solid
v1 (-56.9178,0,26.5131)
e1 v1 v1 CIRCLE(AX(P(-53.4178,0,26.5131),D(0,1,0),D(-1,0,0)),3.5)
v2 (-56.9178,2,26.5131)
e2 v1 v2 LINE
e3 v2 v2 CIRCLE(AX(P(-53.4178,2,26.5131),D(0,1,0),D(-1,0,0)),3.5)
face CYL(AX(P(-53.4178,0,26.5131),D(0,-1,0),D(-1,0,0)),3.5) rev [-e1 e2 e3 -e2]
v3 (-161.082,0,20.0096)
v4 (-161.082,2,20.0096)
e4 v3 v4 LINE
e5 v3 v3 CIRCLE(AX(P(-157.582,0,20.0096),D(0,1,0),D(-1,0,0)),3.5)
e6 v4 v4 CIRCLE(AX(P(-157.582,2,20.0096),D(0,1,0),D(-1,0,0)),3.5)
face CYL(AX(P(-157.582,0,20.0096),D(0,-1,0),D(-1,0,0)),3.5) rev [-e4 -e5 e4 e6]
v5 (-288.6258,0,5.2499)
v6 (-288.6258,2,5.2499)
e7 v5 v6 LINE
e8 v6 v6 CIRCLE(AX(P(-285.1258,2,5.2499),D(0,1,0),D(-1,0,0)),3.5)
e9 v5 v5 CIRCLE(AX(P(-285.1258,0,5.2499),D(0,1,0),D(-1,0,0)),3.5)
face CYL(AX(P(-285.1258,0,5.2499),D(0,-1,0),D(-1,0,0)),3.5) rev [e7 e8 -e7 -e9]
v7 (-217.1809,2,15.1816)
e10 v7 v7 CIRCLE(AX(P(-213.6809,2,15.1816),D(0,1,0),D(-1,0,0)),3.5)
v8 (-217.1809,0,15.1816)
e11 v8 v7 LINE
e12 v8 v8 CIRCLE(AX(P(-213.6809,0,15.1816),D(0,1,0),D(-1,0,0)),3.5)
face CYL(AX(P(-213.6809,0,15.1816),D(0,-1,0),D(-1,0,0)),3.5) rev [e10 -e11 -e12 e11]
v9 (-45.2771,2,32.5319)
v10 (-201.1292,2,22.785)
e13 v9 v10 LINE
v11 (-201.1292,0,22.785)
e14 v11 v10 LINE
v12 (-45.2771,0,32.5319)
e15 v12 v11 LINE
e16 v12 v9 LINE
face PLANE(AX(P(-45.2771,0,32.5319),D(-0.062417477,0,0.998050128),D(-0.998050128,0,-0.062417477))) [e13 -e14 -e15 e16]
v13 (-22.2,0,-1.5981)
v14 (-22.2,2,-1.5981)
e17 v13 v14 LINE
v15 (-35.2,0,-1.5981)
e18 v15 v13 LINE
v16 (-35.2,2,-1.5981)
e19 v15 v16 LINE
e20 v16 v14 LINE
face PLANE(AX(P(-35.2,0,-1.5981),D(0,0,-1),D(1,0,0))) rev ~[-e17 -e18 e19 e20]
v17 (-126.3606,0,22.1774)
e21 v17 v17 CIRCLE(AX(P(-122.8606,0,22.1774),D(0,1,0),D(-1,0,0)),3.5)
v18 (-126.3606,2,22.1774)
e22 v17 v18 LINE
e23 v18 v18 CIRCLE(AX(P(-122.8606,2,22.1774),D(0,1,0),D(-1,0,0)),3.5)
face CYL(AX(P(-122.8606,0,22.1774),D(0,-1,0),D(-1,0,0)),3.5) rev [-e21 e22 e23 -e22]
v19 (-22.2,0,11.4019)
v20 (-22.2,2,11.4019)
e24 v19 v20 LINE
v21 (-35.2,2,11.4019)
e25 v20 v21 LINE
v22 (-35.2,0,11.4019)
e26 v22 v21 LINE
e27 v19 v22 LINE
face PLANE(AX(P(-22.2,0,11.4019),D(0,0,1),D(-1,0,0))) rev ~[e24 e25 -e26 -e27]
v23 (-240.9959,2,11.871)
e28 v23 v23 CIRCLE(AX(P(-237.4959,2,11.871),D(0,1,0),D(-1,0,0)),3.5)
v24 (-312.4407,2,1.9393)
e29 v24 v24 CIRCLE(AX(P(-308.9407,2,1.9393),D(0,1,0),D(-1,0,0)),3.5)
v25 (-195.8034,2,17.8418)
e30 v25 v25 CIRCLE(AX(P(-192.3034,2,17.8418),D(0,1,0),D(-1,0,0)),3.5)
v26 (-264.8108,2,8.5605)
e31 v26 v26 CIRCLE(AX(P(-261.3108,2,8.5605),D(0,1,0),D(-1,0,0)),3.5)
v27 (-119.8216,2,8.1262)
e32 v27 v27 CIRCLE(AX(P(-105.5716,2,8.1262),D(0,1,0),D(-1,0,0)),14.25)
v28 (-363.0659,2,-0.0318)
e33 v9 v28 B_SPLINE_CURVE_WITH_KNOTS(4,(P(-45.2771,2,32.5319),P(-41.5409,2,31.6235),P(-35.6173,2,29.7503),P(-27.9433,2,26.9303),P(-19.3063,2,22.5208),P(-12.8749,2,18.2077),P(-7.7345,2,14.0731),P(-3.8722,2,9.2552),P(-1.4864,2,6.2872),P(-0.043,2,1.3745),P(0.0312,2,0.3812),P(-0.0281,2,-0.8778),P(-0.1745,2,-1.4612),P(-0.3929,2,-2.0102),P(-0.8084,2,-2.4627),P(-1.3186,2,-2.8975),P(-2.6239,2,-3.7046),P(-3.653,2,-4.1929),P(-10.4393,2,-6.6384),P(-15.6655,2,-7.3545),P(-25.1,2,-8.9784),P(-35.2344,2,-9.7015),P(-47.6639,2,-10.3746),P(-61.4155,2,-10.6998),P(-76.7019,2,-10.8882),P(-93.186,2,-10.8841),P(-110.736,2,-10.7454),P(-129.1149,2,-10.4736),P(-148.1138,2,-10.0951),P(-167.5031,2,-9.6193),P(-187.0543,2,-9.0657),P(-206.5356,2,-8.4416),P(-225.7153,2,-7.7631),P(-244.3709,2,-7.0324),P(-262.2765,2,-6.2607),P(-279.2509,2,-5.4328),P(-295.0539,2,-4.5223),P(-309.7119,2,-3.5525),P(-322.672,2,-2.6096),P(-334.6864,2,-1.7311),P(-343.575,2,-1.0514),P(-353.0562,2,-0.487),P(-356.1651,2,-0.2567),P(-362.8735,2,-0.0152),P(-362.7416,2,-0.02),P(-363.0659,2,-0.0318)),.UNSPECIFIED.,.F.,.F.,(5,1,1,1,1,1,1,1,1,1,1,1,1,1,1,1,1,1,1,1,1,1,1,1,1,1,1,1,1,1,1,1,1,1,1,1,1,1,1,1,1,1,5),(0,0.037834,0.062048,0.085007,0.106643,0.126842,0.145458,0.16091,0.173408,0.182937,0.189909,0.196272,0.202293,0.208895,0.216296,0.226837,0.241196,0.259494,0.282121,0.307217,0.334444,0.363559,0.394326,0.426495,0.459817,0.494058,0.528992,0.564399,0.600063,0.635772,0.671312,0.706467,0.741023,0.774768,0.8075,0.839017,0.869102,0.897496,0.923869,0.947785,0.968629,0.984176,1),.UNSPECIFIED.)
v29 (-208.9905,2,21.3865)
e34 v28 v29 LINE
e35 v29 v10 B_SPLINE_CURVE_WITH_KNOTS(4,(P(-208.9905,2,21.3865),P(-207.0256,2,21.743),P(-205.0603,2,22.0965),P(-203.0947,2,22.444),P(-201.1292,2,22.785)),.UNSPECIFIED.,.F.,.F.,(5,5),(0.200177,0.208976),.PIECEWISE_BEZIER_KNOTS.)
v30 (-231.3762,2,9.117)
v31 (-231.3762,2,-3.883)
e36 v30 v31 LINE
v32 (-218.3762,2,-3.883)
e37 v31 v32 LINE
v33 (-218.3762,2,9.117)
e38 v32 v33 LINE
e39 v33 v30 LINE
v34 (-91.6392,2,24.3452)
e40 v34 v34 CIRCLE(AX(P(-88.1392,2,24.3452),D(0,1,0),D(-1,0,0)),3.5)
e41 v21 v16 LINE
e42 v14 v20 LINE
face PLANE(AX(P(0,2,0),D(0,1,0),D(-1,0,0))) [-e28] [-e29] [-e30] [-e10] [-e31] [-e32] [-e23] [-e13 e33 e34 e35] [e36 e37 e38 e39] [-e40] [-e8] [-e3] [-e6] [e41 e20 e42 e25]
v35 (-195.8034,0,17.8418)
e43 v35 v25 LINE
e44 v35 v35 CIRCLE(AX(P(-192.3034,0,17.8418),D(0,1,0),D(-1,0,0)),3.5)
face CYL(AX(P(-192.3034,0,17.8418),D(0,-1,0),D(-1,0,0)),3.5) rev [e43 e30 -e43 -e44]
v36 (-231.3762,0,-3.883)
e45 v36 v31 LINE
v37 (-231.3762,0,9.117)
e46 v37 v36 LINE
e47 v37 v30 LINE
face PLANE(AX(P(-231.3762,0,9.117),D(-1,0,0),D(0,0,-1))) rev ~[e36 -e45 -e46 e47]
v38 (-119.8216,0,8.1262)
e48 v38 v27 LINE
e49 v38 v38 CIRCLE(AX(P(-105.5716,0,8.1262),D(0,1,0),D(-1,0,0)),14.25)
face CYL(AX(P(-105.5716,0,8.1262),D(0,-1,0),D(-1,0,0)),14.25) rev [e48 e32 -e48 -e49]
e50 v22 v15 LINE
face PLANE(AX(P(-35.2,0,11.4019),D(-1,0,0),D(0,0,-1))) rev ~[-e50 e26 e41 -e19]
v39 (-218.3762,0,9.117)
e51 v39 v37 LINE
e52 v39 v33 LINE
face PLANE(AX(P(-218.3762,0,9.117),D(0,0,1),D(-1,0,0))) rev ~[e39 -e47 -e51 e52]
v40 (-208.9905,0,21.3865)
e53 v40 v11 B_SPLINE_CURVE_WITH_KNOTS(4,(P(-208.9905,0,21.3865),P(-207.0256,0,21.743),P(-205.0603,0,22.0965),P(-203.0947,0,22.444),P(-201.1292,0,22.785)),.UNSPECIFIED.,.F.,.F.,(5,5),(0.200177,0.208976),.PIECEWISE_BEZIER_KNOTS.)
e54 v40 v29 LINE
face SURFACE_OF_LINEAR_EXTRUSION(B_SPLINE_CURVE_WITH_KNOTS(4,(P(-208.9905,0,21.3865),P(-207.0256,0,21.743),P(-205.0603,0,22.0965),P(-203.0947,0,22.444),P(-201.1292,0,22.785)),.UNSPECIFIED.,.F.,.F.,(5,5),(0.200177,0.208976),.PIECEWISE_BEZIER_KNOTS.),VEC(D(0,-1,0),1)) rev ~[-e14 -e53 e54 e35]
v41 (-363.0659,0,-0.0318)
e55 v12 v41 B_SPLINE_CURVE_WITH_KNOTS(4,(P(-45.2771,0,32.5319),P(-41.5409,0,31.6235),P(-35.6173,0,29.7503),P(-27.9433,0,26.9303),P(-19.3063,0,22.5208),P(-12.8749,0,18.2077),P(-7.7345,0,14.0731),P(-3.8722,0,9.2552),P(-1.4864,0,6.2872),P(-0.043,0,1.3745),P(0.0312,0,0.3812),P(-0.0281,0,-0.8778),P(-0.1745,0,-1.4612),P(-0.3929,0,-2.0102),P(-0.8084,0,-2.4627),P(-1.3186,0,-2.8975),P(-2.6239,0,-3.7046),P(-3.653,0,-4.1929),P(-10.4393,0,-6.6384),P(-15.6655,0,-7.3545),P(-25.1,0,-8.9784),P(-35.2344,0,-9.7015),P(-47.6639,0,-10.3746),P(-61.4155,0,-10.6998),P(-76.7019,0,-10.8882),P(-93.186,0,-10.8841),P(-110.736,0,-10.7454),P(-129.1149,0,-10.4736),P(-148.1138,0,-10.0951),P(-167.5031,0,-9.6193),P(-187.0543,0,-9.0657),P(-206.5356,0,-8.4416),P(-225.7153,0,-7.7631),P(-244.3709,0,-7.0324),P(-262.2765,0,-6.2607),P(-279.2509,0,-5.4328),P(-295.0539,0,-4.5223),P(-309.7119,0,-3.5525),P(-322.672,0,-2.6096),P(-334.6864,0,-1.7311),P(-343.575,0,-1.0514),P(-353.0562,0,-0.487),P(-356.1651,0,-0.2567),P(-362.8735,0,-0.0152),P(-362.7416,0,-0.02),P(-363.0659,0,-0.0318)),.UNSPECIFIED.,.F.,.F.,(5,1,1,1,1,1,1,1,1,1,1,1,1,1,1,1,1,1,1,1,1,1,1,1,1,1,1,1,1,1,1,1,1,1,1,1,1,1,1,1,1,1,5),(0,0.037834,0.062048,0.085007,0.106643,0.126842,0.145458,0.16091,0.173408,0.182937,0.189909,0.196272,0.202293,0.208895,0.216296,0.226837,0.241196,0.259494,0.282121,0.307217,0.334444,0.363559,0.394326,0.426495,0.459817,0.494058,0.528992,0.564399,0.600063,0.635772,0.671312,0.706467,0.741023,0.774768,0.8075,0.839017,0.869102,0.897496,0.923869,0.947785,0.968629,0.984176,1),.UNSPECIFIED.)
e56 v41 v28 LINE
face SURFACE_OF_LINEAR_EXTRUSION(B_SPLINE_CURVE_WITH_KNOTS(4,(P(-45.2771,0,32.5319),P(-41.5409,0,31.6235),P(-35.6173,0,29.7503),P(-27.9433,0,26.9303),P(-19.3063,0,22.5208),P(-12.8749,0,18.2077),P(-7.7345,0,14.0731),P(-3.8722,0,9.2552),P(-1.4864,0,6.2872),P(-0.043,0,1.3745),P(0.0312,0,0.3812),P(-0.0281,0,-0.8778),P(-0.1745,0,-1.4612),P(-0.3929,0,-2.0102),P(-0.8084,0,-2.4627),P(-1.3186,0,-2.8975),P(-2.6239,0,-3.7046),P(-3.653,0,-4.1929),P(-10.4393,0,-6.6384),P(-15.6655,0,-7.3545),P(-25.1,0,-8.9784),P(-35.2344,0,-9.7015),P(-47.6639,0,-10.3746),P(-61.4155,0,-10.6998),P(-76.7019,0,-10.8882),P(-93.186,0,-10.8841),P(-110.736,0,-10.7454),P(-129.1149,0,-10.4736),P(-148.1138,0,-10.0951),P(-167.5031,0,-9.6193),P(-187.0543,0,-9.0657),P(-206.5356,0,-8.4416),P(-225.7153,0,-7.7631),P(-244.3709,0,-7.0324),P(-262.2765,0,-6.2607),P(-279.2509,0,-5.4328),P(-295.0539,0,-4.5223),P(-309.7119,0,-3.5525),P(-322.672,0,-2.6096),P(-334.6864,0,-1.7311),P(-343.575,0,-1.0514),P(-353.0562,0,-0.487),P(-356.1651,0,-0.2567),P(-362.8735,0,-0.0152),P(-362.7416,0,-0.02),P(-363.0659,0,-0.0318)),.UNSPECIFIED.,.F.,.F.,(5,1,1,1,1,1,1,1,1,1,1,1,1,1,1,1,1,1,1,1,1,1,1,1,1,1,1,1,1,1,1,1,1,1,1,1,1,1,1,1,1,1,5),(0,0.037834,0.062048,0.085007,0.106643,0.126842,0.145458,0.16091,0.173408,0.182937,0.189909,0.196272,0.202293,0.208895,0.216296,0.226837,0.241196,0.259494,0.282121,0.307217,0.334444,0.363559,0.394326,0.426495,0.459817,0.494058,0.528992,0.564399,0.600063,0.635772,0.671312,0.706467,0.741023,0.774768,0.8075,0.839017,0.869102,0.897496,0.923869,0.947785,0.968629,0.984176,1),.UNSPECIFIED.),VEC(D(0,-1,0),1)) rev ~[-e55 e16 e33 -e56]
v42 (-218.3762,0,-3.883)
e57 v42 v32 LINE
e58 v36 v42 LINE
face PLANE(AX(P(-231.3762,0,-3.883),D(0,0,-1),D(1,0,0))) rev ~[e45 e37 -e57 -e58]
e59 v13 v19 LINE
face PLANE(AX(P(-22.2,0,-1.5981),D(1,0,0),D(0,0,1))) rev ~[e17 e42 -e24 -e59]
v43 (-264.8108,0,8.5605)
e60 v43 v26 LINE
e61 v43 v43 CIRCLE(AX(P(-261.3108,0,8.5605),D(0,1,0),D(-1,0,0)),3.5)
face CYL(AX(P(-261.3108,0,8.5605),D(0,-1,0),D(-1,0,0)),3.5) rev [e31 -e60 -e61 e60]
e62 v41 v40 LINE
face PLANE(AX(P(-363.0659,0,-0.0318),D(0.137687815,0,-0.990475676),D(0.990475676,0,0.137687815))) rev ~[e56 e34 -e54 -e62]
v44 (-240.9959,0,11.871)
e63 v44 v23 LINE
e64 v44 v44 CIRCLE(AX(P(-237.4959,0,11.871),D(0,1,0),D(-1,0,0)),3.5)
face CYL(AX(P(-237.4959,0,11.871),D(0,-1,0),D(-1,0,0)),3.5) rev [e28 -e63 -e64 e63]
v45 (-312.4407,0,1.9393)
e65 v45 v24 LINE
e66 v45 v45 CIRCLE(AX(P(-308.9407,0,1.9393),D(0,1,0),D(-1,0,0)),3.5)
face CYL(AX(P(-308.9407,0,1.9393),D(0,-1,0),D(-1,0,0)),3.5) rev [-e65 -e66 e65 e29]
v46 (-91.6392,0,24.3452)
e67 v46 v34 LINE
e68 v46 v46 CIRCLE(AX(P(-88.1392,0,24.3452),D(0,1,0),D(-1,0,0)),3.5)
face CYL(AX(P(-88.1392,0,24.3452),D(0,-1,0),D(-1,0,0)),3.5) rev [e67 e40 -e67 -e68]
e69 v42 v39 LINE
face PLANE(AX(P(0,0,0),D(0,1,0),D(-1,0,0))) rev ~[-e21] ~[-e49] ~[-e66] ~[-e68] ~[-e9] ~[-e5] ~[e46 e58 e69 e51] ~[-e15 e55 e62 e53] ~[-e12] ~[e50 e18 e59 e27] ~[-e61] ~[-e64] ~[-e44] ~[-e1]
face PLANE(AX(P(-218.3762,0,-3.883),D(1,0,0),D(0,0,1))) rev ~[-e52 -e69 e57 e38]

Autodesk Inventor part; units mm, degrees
ref_plane "YZ Plane" through (0, 0, 0) normal (1, 0, 0) x (0, 1, 0)
ref_plane "XZ Plane" through (0, 0, 0) normal (0, 1, 0) x (-1, 0, 0)
ref_plane "XY Plane" through (0, 0, 0) normal (0, 0, 1) x (1, 0, 0)
sketch "Sketch1" plane through (0, 0, 0) normal (0, 1, 0) x (-1, 0, 0)
  circle A0 centre (105.5716, 8.1262) radius 14.25
  circle A1 centre (105.5716, 8.1262) radius 9.25
  line L0 (22.2, 11.4019) -> (35.2, 11.4019)
  line L1 (35.2, 11.4019) -> (35.2, -1.5981)
  line L2 (35.2, -1.5981) -> (22.2, -1.5981)
  line L3 (22.2, -1.5981) -> (22.2, 11.4019)
  line L4 (218.3762, 9.117) -> (231.3762, 9.117)
  line L5 (231.3762, 9.117) -> (231.3762, -3.883)
  line L6 (231.3762, -3.883) -> (218.3762, -3.883)
  line L7 (218.3762, -3.883) -> (218.3762, 9.117)
  circle A2 centre (364, -0.1617) radius 156.5 construction
  circle A3 centre (201.1292, 22.785) radius 156.5 construction
  line L8 (45.2771, 32.5319) -> (201.1292, 22.785)
  line L9 (363.0659, -0.0318) -> (208.9905, 21.3865)
  circle A4 centre (53.4178, 26.5131) radius 3.5
  circle A5 centre (88.1392, 24.3452) radius 3.5
  circle A6 centre (122.8606, 22.1774) radius 3.5
  circle A7 centre (157.582, 20.0096) radius 3.5
  circle A8 centre (192.3034, 17.8418) radius 3.5
  circle A9 centre (308.9407, 1.9393) radius 3.5
  line L10 (244.7644, 10.8606) -> (145.7169, 24.6294) construction
  line L11 (244.7644, 10.8606) -> (343.8179, -2.909) construction
  line L12 (208.9905, 21.3865) -> (214.4381, 20.6292) construction
  line L13 (308.9407, 1.9393) -> (309.698, 7.387) construction
  line L14 (214.4381, 20.6292) -> (238.2531, 17.3187) construction
  line L15 (238.2531, 17.3187) -> (262.0681, 14.0081) construction
  line L16 (262.0681, 14.0081) -> (285.8831, 10.6975) construction
  line L17 (285.8831, 10.6975) -> (309.6981, 7.3869) construction
  line L18 (214.4381, 20.6292) -> (213.6809, 15.1816) construction
  line L19 (238.2531, 17.3187) -> (237.4959, 11.871) construction
  circle A10 centre (213.6809, 15.1816) radius 3.5
  circle A11 centre (237.4959, 11.871) radius 3.5
  line L20 (262.0681, 14.0081) -> (261.3108, 8.5605) construction
  line L21 (285.8831, 10.6975) -> (285.1258, 5.2499) construction
  circle A12 centre (261.3108, 8.5605) radius 3.5
  circle A13 centre (285.1258, 5.2499) radius 3.5
  spline S0 degree 4 poles (45.2771, 32.5319) (41.5409, 31.6235) (35.6173, 29.7503) (27.9433, 26.9303) (19.3063, 22.5208) (12.8749, 18.2077) (7.7345, 14.0731) (3.8722, 9.2552) (1.4864, 6.2872) (0.043, 1.3745) (-0.0312, 0.3812) (0.0281, -0.8778) (0.1745, -1.4612) (0.3929, -2.0102) (0.8084, -2.4627) (1.3186, -2.8975) (2.6239, -3.7046) (3.653, -4.1929) (10.4393, -6.6384) (15.6655, -7.3545) (25.1, -8.9784) (35.2344, -9.7015) (47.6639, -10.3746) (61.4155, -10.6998) (76.7019, -10.8882) (93.186, -10.8841) (110.736, -10.7454) (129.1149, -10.4736) (148.1138, -10.0951) (167.5031, -9.6193) (187.0543, -9.0657) (206.5356, -8.4416) (225.7153, -7.7631) (244.3709, -7.0324) (262.2765, -6.2607) (279.2509, -5.4328) (295.0539, -4.5223) (309.7119, -3.5525) (322.672, -2.6096) (334.6864, -1.7311) (343.575, -1.0514) (353.0562, -0.487) (356.1651, -0.2567) (362.8735, -0.0152) (362.7416, -0.02) (363.0659, -0.0318) knots 0 0 0 0 0 0.037834 0.062048 0.085007 0.106643 0.126842 0.145458 0.16091 0.173408 0.182937 0.189909 0.196272 0.202293 0.208895 0.216296 0.226837 0.241196 0.259494 0.282121 0.307217 0.334444 0.363559 0.394326 0.426495 0.459817 0.494058 0.528992 0.564399 0.600063 0.635772 0.671312 0.706467 0.741023 0.774768 0.8075 0.839017 0.869102 0.897496 0.923869 0.947785 0.968629 0.984176 1 1 1 1 1
  spline S1 degree 4 poles (208.9905, 21.3865) (207.0256, 21.743) (205.0603, 22.0965) (203.0947, 22.444) (201.1292, 22.785) knots 0.200177 0.200177 0.200177 0.200177 0.200177 0.208976 0.208976 0.208976 0.208976 0.208976
  point P0 (0, 0)
  point P1 (359.0762, 0.1364)
  point P2 (352.983, 0.4477)
  point P3 (344.5923, 1.0476)
  point P4 (334.0615, 2.0094)
  point P5 (321.589, 3.3822)
  point P6 (307.4061, 5.186)
  point P7 (291.7666, 7.4112)
  point P8 (274.9383, 10.0199)
  point P9 (257.194, 12.9452)
  point P10 (238.8043, 16.1074)
  point P11 (220.0304, 19.3803)
  point P12 (182.3116, 25.884)
  point P13 (163.8086, 28.8383)
  point P14 (145.8054, 31.4519)
  point P15 (128.4709, 33.6056)
  point P16 (111.9535, 35.2083)
  point P17 (96.3823, 36.1751)
  point P18 (81.868, 36.4427)
  point P19 (68.5109, 35.9373)
  point P20 (56.3246, 34.585)
  point P21 (26.5856, 26.0467)
  point P22 (18.9844, 22.098)
  point P23 (12.6078, 17.8447)
  point P24 (7.5002, 13.4274)
  point P25 (3.6892, 9.0035)
  point P26 (1.1921, 4.7745)
  point P27 (0.0659, 1.0017)
  point P28 (0.0006, -0.063)
  point P29 (0.0749, -0.9695)
  point P30 (0.2078, -1.5106)
  point P31 (0.424, -1.9791)
  point P32 (0.7616, -2.3945)
  point P33 (1.2282, -2.7955)
  point P34 (2.1216, -3.3822)
  point P35 (3.2232, -3.9537)
  point P36 (8.1428, -5.7128)
  point P37 (15.1176, -7.3056)
  point P38 (23.9224, -8.6283)
  point P39 (34.4841, -9.6094)
  point P40 (46.7728, -10.2571)
  point P41 (60.6811, -10.6511)
  point P42 (76.0314, -10.8426)
  point P43 (92.6351, -10.8589)
  point P44 (110.2911, -10.7246)
  point P45 (128.7881, -10.4591)
  point P46 (147.9055, -10.0812)
  point P47 (167.4164, -9.6062)
  point P48 (187.0898, -9.0495)
  point P49 (206.6927, -8.4228)
  point P50 (225.993, -7.7378)
  point P51 (244.7618, -7.0012)
  point P52 (262.7756, -6.217)
  point P53 (279.8246, -5.3721)
  point P54 (295.7441, -4.4524)
  point P55 (310.4019, -3.4858)
  point P56 (323.6531, -2.5368)
  point P57 (335.3351, -1.6764)
  point P58 (345.271, -0.9701)
  point P59 (353.2753, -0.4606)
  point P60 (359.1655, -0.1576)
  point P61 (362.7814, -0.0252)
  dimension "d2" = 28.5
  dimension "d3" = 18.5
  dimension "d12" = 13
  dimension "d13" = 13
  dimension "d14" = 13
  dimension "d15" = 13
  dimension "d44" = 7
  dimension "d45" = 7
  dimension "d48" = 7
  dimension "d49" = 47.3016
  dimension "d50" = 7
  dimension "d62" = 5.5
  dimension "d71" = 156.1566
  dimension "d72" = 155.557
extrude "Extrusion1" add sketch "Sketch1" along normal blind 2 contours L8 S1 L9 S0
properties part number "airfoil"
